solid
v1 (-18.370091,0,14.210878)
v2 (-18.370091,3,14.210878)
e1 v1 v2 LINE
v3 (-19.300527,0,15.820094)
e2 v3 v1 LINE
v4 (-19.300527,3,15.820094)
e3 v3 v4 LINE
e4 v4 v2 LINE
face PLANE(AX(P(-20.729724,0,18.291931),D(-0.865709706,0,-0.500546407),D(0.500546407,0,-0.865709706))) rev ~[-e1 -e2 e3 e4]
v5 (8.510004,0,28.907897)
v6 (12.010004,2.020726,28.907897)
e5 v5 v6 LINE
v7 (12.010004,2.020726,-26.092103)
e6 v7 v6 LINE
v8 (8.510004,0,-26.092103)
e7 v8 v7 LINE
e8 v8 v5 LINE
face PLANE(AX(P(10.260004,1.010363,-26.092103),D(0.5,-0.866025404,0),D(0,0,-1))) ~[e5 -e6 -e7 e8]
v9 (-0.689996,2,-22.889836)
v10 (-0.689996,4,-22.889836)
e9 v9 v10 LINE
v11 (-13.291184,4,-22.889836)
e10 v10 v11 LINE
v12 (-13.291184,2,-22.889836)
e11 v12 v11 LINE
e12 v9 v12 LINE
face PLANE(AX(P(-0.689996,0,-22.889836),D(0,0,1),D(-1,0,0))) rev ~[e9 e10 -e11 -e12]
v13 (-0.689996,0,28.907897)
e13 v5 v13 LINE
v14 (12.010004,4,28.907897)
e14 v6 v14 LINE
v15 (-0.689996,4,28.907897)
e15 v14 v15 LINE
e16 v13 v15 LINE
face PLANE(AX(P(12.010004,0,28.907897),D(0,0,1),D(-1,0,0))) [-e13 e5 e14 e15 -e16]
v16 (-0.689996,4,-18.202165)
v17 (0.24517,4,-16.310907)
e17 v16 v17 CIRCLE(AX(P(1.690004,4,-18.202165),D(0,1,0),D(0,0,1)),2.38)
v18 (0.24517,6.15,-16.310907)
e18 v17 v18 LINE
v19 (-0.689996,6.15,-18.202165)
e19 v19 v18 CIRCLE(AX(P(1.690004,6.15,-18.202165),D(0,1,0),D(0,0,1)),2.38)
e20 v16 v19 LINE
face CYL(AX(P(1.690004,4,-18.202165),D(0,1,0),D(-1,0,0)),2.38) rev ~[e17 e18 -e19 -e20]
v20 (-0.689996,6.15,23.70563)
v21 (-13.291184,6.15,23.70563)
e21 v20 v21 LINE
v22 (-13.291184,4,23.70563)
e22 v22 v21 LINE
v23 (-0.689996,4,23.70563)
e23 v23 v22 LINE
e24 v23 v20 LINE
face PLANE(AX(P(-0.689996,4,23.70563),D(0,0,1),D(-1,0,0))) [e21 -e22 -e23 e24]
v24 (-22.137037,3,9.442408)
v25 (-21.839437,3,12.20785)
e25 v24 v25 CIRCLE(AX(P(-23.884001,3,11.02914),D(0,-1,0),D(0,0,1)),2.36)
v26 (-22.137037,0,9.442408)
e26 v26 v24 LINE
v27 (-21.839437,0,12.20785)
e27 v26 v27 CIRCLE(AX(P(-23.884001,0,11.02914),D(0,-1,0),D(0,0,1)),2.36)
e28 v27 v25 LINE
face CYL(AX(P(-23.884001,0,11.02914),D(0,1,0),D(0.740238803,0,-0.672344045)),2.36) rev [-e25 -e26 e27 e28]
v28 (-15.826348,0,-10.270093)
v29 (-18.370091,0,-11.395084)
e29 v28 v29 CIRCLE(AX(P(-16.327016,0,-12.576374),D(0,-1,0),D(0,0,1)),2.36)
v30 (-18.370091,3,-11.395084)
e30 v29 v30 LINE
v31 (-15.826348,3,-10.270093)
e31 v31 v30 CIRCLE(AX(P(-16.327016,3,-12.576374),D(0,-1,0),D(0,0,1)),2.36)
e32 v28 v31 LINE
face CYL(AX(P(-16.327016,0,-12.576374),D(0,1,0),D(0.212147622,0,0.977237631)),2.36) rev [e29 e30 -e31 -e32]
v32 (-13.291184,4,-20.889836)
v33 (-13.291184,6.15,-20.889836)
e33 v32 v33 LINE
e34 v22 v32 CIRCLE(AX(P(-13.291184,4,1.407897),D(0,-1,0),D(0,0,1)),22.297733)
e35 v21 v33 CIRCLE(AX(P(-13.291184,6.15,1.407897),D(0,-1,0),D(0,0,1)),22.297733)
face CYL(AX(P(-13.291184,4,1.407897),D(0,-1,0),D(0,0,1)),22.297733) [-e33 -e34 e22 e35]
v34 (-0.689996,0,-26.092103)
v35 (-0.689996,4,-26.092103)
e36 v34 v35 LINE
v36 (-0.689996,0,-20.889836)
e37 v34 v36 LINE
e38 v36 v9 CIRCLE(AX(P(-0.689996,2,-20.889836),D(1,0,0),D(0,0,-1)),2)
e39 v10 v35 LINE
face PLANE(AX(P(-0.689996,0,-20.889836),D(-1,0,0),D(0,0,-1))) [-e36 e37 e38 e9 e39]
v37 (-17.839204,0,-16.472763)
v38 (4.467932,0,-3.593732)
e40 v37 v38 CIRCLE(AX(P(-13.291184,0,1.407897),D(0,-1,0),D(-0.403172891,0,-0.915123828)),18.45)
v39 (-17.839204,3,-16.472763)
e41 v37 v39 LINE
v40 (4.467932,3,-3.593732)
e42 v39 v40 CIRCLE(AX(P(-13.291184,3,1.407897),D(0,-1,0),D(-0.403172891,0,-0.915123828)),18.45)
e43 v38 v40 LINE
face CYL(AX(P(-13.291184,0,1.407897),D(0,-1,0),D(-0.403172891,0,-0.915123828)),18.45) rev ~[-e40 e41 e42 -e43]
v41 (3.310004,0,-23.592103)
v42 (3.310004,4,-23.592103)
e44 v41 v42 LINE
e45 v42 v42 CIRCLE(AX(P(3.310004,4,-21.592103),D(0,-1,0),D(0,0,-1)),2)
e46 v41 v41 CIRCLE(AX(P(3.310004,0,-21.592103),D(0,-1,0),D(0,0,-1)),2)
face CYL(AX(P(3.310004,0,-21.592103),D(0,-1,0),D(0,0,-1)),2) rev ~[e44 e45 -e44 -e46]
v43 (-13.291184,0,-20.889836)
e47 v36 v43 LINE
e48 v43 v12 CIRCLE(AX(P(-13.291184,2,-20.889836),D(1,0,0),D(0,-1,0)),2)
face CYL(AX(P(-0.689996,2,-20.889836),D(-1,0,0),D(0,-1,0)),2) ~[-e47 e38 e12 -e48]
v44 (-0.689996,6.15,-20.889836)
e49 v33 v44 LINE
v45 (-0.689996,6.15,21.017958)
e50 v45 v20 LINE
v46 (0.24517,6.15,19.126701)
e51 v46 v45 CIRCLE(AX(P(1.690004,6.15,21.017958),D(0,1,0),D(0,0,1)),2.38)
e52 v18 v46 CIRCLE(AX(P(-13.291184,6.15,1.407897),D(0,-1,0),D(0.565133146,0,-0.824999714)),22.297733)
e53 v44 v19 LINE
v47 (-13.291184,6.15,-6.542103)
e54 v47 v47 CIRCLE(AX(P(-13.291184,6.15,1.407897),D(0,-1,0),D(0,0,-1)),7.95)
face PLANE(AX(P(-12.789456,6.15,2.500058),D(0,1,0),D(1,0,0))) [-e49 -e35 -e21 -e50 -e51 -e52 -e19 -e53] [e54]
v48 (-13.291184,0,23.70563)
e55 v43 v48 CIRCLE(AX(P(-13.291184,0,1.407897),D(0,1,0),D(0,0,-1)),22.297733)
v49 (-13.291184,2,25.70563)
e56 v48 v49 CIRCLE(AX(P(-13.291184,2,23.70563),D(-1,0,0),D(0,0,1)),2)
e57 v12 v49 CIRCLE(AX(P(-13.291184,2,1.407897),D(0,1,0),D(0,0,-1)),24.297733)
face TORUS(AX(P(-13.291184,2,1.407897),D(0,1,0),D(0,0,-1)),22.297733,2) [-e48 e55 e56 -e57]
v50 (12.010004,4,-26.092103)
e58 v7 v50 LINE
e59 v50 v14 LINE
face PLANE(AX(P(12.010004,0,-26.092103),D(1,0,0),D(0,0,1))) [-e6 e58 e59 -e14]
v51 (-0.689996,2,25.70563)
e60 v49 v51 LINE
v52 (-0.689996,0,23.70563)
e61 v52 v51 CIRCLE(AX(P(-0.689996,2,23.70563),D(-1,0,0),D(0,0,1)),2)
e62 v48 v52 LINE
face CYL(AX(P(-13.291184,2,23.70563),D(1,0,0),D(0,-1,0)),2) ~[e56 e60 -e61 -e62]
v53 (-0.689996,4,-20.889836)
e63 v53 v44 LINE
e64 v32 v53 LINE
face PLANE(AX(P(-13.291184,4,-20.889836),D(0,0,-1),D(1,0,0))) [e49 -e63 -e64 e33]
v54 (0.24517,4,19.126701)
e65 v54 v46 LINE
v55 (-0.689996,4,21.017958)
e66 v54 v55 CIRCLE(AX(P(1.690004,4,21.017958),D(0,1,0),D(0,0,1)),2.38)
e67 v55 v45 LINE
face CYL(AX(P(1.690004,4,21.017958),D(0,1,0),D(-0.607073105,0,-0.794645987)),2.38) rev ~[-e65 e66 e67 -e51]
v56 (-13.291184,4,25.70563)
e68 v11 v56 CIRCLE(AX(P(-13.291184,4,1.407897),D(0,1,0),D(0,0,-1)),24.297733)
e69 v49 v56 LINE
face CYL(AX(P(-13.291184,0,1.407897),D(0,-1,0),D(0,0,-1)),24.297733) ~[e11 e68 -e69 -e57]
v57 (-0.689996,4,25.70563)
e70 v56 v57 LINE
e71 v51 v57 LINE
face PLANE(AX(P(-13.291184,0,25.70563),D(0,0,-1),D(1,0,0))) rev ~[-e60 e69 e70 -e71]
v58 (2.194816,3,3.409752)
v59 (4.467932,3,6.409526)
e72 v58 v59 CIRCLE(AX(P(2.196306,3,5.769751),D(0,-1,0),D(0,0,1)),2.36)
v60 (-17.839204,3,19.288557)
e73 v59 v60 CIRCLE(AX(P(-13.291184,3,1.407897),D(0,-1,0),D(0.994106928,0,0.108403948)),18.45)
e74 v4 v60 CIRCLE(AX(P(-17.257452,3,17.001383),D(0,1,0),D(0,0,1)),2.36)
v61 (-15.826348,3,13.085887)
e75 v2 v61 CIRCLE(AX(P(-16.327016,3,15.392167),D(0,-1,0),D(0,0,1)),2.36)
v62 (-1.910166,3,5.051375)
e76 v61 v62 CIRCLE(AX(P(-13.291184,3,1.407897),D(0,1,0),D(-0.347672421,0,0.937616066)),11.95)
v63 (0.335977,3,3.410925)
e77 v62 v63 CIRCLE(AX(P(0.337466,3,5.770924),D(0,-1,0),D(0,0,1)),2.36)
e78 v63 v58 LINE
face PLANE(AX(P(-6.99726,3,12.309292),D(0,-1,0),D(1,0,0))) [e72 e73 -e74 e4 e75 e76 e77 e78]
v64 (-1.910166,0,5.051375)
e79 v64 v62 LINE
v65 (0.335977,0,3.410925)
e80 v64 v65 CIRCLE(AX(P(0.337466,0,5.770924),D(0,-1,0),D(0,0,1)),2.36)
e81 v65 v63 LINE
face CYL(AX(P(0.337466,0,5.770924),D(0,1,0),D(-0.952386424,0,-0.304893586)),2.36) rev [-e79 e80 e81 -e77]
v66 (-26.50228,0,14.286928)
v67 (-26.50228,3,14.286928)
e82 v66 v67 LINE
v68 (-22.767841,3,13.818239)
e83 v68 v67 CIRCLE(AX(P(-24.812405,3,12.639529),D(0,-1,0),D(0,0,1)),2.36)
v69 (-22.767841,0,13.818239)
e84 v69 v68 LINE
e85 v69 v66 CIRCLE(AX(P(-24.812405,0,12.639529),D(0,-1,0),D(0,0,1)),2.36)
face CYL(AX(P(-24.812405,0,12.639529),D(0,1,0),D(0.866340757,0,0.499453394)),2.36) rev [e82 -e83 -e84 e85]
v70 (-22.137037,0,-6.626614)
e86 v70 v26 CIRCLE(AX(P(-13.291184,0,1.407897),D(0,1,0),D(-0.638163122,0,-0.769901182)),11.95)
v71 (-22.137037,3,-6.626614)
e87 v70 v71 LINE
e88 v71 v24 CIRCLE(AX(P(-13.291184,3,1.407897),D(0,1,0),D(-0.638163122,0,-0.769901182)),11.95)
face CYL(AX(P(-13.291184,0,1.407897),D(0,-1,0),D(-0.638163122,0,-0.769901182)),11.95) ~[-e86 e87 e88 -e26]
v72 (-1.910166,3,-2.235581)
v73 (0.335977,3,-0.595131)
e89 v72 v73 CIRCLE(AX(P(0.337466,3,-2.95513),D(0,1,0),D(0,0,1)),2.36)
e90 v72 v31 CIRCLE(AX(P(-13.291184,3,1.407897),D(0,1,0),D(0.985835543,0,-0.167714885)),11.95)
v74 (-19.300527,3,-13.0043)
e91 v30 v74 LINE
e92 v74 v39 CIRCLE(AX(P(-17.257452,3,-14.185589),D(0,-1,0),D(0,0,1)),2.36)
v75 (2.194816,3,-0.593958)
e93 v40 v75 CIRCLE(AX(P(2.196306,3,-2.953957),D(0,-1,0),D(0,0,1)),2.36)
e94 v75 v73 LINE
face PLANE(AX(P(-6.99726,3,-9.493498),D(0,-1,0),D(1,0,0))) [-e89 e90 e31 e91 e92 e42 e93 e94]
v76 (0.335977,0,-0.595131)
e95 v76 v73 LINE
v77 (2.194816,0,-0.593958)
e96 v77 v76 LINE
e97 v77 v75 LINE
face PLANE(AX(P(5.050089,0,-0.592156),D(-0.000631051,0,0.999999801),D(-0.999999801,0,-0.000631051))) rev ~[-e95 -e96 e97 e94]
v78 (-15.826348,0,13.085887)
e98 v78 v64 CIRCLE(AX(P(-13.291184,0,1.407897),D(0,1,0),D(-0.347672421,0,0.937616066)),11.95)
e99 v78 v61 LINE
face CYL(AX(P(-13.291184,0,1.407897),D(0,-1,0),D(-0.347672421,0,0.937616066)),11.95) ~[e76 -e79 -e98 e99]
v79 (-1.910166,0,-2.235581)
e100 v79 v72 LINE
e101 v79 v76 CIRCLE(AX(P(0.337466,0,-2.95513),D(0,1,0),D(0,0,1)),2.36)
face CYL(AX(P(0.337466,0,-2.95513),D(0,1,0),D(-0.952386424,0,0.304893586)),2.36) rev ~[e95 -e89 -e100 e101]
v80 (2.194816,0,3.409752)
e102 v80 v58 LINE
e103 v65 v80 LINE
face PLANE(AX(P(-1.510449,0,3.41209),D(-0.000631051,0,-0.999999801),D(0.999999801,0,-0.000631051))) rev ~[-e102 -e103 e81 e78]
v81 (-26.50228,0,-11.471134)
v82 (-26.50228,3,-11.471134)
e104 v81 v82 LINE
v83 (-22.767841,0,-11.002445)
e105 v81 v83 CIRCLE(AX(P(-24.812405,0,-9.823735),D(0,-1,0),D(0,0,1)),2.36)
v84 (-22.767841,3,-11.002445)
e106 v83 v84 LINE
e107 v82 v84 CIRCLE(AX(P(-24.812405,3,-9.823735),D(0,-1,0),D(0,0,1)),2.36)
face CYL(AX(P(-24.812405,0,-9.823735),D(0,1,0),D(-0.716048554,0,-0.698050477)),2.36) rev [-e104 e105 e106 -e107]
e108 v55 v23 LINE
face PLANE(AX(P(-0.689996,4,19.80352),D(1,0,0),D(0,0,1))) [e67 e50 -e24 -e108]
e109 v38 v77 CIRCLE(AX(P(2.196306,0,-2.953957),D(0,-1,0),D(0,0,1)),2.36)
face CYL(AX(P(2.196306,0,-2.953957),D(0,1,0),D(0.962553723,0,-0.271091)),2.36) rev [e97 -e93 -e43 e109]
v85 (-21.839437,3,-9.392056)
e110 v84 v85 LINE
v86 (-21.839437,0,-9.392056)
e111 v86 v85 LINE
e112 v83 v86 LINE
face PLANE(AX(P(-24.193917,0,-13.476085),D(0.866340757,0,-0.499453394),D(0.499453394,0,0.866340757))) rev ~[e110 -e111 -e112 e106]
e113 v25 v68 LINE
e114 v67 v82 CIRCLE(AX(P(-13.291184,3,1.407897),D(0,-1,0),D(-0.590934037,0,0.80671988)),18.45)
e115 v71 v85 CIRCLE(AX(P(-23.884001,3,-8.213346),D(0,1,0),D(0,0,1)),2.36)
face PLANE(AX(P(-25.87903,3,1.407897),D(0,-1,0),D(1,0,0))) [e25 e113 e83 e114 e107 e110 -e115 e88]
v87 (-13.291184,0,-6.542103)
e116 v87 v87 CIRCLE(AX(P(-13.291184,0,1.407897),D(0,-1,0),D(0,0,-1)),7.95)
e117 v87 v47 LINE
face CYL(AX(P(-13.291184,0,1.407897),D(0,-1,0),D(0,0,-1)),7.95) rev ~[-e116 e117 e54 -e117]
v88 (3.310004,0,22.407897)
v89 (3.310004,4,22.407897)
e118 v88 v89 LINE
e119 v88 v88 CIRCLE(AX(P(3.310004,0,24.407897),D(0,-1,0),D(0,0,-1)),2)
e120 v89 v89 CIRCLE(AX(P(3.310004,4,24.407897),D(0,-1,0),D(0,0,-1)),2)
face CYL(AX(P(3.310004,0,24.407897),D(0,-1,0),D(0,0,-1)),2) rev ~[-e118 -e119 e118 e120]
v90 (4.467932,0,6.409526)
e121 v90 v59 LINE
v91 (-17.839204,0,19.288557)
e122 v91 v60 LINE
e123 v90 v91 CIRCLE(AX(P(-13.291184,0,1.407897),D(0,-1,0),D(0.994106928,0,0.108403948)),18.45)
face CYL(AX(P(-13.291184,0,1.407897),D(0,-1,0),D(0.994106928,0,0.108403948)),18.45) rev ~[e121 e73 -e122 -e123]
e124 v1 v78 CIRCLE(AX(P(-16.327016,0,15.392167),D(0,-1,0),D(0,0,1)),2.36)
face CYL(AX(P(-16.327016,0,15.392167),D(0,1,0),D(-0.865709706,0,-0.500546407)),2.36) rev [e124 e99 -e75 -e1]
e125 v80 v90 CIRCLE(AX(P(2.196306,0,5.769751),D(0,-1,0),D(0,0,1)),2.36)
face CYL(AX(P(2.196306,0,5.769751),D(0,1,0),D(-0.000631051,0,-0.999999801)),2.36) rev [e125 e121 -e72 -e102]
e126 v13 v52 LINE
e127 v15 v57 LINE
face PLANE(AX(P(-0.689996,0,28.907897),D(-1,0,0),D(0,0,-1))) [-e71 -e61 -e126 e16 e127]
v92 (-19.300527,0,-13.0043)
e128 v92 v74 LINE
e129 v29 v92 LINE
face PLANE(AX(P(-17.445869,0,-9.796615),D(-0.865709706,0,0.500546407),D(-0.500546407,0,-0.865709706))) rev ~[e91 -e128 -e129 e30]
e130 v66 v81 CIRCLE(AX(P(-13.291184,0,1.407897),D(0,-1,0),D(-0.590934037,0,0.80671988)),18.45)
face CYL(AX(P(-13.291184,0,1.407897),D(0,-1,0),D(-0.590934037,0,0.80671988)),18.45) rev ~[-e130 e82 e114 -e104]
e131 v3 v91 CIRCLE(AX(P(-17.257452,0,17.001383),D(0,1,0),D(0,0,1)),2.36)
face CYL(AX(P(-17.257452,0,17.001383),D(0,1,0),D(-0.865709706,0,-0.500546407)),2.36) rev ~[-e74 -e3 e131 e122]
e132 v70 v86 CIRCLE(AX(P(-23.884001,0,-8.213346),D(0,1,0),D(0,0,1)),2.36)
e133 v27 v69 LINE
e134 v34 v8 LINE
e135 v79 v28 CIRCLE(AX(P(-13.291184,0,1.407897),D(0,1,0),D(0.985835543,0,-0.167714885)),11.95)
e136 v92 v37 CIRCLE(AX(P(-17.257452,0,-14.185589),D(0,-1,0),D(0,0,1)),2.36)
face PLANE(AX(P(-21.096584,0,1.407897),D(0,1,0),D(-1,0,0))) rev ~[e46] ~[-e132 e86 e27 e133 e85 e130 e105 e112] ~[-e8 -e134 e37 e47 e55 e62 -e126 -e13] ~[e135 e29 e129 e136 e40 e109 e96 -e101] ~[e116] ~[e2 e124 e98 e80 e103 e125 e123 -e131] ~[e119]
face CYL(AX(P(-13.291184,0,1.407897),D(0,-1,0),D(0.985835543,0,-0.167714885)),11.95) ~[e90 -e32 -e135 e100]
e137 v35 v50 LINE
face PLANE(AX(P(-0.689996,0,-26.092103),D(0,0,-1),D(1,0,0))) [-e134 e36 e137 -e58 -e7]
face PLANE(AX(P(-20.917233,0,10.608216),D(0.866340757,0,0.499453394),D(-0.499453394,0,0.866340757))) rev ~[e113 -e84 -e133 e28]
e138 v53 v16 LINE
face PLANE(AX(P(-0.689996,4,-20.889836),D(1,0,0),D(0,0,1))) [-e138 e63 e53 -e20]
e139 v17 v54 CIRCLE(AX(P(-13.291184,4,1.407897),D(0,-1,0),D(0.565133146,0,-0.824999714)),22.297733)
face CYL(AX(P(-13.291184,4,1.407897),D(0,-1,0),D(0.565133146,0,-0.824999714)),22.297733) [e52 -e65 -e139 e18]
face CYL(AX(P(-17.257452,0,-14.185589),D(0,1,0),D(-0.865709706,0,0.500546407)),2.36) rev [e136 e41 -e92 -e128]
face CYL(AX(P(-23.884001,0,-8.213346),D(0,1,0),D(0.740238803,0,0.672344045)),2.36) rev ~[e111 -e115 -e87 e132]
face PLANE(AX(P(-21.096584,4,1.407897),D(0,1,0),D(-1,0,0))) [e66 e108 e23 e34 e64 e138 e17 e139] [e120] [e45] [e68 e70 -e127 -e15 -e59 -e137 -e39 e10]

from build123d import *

# Parameters (mm, degrees)
BOSS_EXTRUDE1_DEPTH = 4
BOSS_EXTRUDE2_DEPTH = 2.25
SKETCH3_R           = 7.95
CUT_EXTRUDE1_DEPTH  = 9.25
SKETCH4_R           = 2
CUT_EXTRUDE2_DEPTH  = 9.25
CUT_EXTRUDE3_DEPTH  = 3
FILLET1_R           = 2.36
CHAMFER1_SIZE       = 3.5
CHAMFER1_SIZE2      = 2.020725942
BOSS_EXTRUDE3_DEPTH = 4
FILLET2_R           = 2
SKETCH7_W           = 56.562445917
SKETCH7_H           = 51.963873078
CUT_EXTRUDE4_DEPTH  = 0.1
FILLET3_R           = 2.38


with BuildPart() as part:
    # Sketch1 → Boss-Extrude1 (new body)
    with BuildSketch(Plane(origin=(0, 0, 0), x_dir=(1, 0, 0), z_dir=(0, 1, 0))):
        with BuildLine():
            Line((-13.29118379, 20.889836125), (-0.68999579, 20.889836125))
            Line((-0.68999579, 20.889836125), (-0.68999579, 24.09210312))
            Line((-0.68999579, 24.09210312), (-0.68999579, 26.09210312))
            Line((-0.68999579, 26.09210312), (12.01000421, 26.09210312))
            Line((12.01000421, 26.09210312), (12.01000421, 24.09210312))
            Line((12.01000421, 24.09210312), (12.01000421, -26.90789688))
            Line((12.01000421, -26.90789688), (12.01000421, -28.90789688))
            Line((12.01000421, -28.90789688), (-0.68999579, -28.90789688))
            Line((-0.68999579, -28.90789688), (-0.68999579, -26.90789688))
            Line((-0.68999579, -26.90789688), (-0.68999579, -23.705629885))
            Line((-0.68999579, -23.705629885), (-13.29118379, -23.705629885))
            ThreePointArc((-13.29118379, -23.705629885), (-35.588916795, -1.40789688), (-13.29118379, 20.889836125))
        make_face()
    extrude(amount=BOSS_EXTRUDE1_DEPTH)

    # Sketch2 → Boss-Extrude2 (add)
    with BuildSketch(Plane(origin=(0, 4, 0), x_dir=(1, 0, 0), z_dir=(0, 1, 0))):
        with BuildLine():
            Line((-0.68999579, 20.889836125), (-0.68999579, 16.987726462))
            ThreePointArc((-0.68999579, 16.987726462), (9.006549215, -1.40789688), (-0.68999579, -19.803520222))
            Line((-0.68999579, -19.803520222), (-0.68999579, -23.705629885))
            Line((-0.68999579, -23.705629885), (-13.29118379, -23.705629885))
            ThreePointArc((-13.29118379, -23.705629885), (-35.588916795, -1.40789688), (-13.29118379, 20.889836125))
            Line((-13.29118379, 20.889836125), (-0.68999579, 20.889836125))
        make_face()
    extrude(amount=BOSS_EXTRUDE2_DEPTH)

    # Sketch3 → Cut-Extrude1 (cut)
    with BuildSketch(Plane.XZ):
        with Locations((-13.29118379, 1.40789688)):
            Circle(SKETCH3_R)
    extrude(amount=-CUT_EXTRUDE1_DEPTH, mode=Mode.SUBTRACT)

    # Sketch4 → Cut-Extrude2 (cut)
    with BuildSketch(Plane.XZ):
        with Locations((3.31000421, -21.59210312)):
            Circle(SKETCH4_R)
        with Locations((3.31000421, 24.40789688)):
            Circle(SKETCH4_R)
    extrude(amount=-CUT_EXTRUDE2_DEPTH, mode=Mode.SUBTRACT)

    # Sketch5 → Cut-Extrude3 (cut)
    with BuildSketch(Plane.XZ):
        with BuildLine():
            ThreePointArc((-20.917233099, -7.792422241), (-25.24118379, 1.40789688), (-20.917233099, 10.608216001))
            Line((-20.917233099, 10.608216001), (-24.193916765, 16.291878661))
            ThreePointArc((-24.193916765, 16.291878661), (-31.74118379, 1.40789688), (-24.193916765, -13.476084902))
            Line((-24.193916765, -13.476084902), (-20.917233099, -7.792422241))
        make_face()
        with BuildLine():
            Line((-20.729723635, 18.291931497), (-17.445869217, 12.612408873))
            ThreePointArc((-17.445869217, 12.612408873), (-7.31618379, 11.756900455), (-1.510449053, 3.412089752))
            Line((-1.510449053, 3.412089752), (5.05008903, 3.407949716))
            ThreePointArc((5.05008903, 3.407949716), (-4.06618379, 17.38606558), (-20.729723635, 18.291931497))
        make_face()
        with BuildLine():
            ThreePointArc((-1.510449053, -0.596295992), (-7.31618379, -8.941106696), (-17.445869217, -9.796615113))
            Line((-17.445869217, -9.796615113), (-20.729723635, -15.476137738))
            ThreePointArc((-20.729723635, -15.476137738), (-4.06618379, -14.57027182), (5.05008903, -0.592155956))
            Line((5.05008903, -0.592155956), (-1.510449053, -0.596295992))
        make_face()
    extrude(amount=-CUT_EXTRUDE3_DEPTH, mode=Mode.SUBTRACT)

    # Fillet1
    fillet1_edges = [part.edges().sort_by_distance(p)[0] for p in [
        (5.05008903, 1.5, 3.407949716),
        (-1.510449053, 1.5, 3.412089752),
        (5.05008903, 1.5, -0.592155956),
        (-24.193916765, 1.5, 16.291878661),
        (-20.729723635, 1.5, 18.291931497),
        (-1.510449053, 1.5, -0.596295992),
        (-20.729723635, 1.5, -15.476137738),
        (-20.917233099, 1.5, 10.608216001),
        (-20.917233099, 1.5, -7.792422241),
        (-24.193916765, 1.5, -13.476084902),
        (-17.445869217, 1.5, -9.796615113),
        (-17.445869217, 1.5, 12.612408873),
    ]]
    fillet(fillet1_edges, radius=FILLET1_R)

    # Chamfer1
    chamfer1_edges = [part.edges().sort_by_distance(p)[0] for p in [
        (12.01000421, 0, 1.40789688),
    ]]
    chamfer1_side = [part.faces().sort_by_distance(p)[0] for p in [
        (-3.702499267, 0, 18.015985651),
    ]]
    chamfer(chamfer1_edges, length=CHAMFER1_SIZE, length2=CHAMFER1_SIZE2, reference=chamfer1_side[0])

    # Sketch6 → Boss-Extrude3 (add)
    with BuildSketch(Plane.XZ):
        with BuildLine():
            Line((-0.68999579, -22.889836125), (-13.29118379, -22.889836125))
            ThreePointArc((-13.29118379, -22.889836125), (-37.588916795, 1.40789688), (-13.29118379, 25.705629885))
            Line((-13.29118379, 25.705629885), (-0.68999579, 25.705629885))
            Line((-0.68999579, 25.705629885), (-0.68999579, 23.705629885))
            Line((-0.68999579, 23.705629885), (-13.29118379, 23.705629885))
            ThreePointArc((-13.29118379, 23.705629885), (-35.588916795, 1.40789688), (-13.29118379, -20.889836125))
            Line((-13.29118379, -20.889836125), (-0.68999579, -20.889836125))
            Line((-0.68999579, -20.889836125), (-0.68999579, -22.889836125))
        make_face()
    extrude(amount=-BOSS_EXTRUDE3_DEPTH)

    # Fillet2
    fillet2_edges = [part.edges().sort_by_distance(p)[0] for p in [
        (-6.99058979, 0, 25.705629885),
        (-6.99058979, 0, -22.889836125),
        (-37.588916795, 0, 1.40789688),
    ]]
    fillet(fillet2_edges, radius=FILLET2_R)

    # Sketch7 → Cut-Extrude4 (cut)
    with BuildSketch(Plane(origin=(0, 6.25, 0), x_dir=(1, 0, 0), z_dir=(0, 1, 0))):
        with Locations((-12.789456293, -2.500057929)):
            Rectangle(SKETCH7_W, SKETCH7_H)
    extrude(amount=-CUT_EXTRUDE4_DEPTH, mode=Mode.SUBTRACT)

    # Fillet3
    fillet3_edges = [part.edges().sort_by_distance(p)[0] for p in [
        (-0.68999579, 5.075, -16.987726462),
        (-0.68999579, 5.075, 19.803520222),
    ]]
    fillet(fillet3_edges, radius=FILLET3_R)


solid = part.part
